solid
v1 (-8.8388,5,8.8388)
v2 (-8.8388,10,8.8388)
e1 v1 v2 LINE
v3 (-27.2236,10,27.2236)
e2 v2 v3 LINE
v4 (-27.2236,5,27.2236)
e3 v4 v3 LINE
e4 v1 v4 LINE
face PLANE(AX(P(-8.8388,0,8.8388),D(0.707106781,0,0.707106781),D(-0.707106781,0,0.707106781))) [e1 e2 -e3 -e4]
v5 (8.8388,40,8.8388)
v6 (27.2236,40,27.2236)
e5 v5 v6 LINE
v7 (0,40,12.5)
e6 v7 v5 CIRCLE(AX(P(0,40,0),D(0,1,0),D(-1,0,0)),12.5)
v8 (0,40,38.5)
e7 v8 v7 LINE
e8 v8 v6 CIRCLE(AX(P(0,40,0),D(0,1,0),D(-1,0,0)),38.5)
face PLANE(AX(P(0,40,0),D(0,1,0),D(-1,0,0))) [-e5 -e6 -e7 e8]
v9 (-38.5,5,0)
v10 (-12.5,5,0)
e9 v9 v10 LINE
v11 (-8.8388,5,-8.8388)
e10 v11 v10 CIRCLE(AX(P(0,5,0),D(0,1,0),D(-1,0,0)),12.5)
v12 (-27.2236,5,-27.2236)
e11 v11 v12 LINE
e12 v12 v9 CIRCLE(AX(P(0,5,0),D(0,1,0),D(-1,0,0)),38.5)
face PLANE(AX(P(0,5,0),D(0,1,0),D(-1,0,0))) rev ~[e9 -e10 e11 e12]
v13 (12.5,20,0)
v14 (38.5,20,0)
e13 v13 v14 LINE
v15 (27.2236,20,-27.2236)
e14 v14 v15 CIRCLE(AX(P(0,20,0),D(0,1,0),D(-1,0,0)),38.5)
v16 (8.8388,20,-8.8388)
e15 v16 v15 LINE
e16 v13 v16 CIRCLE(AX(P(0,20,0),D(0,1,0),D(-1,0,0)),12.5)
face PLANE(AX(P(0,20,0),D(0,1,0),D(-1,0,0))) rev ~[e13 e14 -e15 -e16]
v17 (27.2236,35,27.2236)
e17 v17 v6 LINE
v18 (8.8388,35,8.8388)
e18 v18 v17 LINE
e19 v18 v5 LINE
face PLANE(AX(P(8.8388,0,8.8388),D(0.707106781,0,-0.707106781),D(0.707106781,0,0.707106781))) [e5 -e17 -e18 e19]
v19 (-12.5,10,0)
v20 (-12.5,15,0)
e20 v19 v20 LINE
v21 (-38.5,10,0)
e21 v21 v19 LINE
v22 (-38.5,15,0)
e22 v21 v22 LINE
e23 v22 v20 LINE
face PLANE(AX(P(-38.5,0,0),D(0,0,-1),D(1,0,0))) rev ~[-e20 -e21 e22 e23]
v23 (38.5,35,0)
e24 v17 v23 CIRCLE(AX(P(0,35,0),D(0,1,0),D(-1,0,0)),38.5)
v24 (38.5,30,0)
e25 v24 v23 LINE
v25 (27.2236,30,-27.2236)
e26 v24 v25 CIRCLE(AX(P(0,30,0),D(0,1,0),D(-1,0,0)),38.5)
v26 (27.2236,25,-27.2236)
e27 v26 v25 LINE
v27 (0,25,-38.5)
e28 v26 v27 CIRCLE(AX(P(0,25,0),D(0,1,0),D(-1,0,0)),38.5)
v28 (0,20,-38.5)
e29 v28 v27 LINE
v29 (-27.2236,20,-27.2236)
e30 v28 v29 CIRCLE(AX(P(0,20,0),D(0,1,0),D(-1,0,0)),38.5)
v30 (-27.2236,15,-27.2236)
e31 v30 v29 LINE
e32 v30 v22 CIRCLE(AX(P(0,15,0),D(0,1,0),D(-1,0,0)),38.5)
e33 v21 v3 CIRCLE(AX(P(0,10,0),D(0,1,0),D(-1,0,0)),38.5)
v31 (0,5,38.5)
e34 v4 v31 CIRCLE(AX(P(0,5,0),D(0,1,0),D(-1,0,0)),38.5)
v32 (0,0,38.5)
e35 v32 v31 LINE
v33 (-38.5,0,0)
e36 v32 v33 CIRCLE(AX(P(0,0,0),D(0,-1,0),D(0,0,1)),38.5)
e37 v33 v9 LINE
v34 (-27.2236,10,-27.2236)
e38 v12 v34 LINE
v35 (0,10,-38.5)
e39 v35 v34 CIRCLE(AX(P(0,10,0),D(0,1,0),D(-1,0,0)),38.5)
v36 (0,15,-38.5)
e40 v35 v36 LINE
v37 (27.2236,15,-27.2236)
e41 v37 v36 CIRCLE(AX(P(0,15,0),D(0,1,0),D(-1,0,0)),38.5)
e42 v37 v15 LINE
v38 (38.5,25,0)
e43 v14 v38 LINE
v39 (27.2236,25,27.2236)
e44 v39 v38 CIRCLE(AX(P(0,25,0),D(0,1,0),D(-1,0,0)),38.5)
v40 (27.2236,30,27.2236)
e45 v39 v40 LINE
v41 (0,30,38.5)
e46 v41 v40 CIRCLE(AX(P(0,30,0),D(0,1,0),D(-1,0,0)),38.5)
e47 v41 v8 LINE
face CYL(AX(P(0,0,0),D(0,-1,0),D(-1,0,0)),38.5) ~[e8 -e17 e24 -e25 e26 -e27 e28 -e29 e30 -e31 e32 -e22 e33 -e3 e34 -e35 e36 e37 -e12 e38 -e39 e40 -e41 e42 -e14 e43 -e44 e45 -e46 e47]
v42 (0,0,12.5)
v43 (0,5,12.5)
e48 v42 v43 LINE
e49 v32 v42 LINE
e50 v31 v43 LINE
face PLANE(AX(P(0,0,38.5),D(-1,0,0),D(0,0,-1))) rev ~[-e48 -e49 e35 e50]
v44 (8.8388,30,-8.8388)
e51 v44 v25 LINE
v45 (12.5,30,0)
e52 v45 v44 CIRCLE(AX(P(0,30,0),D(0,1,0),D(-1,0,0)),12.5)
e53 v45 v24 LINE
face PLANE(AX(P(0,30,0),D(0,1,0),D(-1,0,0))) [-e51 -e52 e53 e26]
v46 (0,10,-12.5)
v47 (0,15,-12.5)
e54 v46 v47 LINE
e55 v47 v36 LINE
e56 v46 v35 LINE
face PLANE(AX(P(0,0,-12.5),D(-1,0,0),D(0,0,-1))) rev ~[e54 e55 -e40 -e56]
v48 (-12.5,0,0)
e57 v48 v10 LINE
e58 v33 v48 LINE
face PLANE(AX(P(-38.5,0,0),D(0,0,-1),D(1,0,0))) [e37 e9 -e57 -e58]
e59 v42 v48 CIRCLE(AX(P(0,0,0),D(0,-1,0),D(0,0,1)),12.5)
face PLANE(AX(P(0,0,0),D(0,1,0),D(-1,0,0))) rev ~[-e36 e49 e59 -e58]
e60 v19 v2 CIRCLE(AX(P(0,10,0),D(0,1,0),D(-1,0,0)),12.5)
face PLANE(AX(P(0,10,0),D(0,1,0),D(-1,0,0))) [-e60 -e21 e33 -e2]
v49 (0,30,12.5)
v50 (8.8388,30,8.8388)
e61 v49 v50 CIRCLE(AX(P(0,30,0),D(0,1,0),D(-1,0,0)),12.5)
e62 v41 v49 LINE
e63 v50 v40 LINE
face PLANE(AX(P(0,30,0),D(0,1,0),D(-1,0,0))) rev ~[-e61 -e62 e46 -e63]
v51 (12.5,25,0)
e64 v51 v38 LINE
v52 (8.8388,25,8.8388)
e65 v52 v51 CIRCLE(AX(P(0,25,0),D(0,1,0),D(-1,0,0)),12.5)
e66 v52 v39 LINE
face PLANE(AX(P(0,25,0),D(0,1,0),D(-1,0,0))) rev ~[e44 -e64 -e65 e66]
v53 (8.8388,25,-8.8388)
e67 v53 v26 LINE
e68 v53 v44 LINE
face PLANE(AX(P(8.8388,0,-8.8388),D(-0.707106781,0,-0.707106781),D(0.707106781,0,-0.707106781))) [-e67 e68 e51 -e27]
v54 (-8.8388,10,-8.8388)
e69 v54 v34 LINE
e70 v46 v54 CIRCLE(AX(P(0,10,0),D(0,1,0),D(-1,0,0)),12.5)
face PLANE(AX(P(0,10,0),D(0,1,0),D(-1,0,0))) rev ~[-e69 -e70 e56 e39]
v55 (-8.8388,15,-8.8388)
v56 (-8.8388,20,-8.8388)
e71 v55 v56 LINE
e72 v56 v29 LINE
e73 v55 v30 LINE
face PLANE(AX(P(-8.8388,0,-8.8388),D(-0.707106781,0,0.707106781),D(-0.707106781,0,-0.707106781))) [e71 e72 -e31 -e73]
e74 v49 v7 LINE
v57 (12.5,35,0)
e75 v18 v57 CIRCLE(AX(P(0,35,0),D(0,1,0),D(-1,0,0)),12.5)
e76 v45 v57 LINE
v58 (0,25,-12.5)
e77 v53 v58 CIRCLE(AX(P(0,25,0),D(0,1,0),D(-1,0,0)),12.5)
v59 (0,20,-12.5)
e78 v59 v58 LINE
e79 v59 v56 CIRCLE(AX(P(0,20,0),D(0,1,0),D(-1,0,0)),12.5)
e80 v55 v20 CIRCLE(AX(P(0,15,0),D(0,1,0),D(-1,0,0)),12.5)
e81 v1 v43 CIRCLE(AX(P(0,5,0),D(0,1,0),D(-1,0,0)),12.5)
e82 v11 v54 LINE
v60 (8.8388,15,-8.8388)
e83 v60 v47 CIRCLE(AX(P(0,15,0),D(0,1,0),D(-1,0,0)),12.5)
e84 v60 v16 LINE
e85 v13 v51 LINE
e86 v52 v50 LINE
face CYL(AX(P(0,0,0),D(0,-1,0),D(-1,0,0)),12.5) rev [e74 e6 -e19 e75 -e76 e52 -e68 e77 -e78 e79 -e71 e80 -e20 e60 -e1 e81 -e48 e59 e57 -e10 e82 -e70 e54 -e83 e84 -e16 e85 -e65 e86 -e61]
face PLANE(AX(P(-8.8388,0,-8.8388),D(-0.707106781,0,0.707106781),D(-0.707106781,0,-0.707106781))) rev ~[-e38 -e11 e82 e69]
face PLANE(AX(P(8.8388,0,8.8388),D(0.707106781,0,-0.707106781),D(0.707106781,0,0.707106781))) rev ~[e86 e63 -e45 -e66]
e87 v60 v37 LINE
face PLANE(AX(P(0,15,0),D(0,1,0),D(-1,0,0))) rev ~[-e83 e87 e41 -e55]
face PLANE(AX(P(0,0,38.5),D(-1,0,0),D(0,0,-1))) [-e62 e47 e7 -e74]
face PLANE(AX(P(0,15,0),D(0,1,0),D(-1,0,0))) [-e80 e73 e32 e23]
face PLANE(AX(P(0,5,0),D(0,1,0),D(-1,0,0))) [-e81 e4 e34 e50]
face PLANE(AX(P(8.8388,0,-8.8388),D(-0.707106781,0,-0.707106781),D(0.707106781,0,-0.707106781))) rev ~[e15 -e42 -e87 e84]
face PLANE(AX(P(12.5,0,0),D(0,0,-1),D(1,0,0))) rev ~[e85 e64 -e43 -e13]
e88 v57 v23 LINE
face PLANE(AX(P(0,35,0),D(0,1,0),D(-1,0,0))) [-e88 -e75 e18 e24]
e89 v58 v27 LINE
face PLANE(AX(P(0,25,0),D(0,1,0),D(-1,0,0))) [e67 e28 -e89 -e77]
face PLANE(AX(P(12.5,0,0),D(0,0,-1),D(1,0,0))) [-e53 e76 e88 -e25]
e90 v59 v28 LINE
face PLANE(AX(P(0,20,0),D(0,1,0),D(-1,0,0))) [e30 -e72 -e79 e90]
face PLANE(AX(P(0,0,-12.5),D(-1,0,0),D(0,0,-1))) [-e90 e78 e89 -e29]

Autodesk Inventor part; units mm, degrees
ref_plane "YZ Plane" through (0, 0, 0) normal (1, 0, 0) x (0, 1, 0)
ref_plane "XZ Plane" through (0, 0, 0) normal (0, 1, 0) x (-1, 0, 0)
ref_plane "XY Plane" through (0, 0, 0) normal (0, 0, 1) x (1, 0, 0)
sketch "Sketch1" plane through (0, 0, 0) normal (0, 1, 0) x (-1, 0, 0)
  circle A0 centre (0, 0) radius 12.5
  circle A1 centre (0, 0) radius 38.5
  line L0 (-8.8388, 8.8388) -> (-27.2236, 27.2236)
  line L1 (8.8388, -8.8388) -> (27.2236, -27.2236)
  line L2 (8.8388, 8.8388) -> (27.2236, 27.2236)
  line L3 (-8.8388, -8.8388) -> (-27.2236, -27.2236)
  line L4 (0, 38.5) -> (0, 12.5)
  line L5 (0, -12.5) -> (0, -38.5)
  line L6 (38.5, 0) -> (12.5, 0)
  line L7 (-12.5, 0) -> (-38.5, 0)
  dimension "d0" = 25
  dimension "d2" = 26
sketch "Sketch22" plane through (0, 0, 0) normal (0, 1, 0) x (-1, 0, 0)
  circle A0 centre (0, 0) radius 12.5
  circle A1 centre (0, 0) radius 38.5
  line L0 (-8.8388, 8.8388) -> (-27.2236, 27.2236)
  line L1 (8.8388, -8.8388) -> (27.2236, -27.2236)
  line L2 (8.8388, 8.8388) -> (27.2236, 27.2236)
  line L3 (-8.8388, -8.8388) -> (-27.2236, -27.2236)
  line L4 (0, 38.5) -> (0, 12.5)
  line L5 (0, -12.5) -> (0, -38.5)
  line L6 (38.5, 0) -> (12.5, 0)
  line L7 (-12.5, 0) -> (-38.5, 0)
  circle A2 centre (0, 0) radius 12.5
  circle A3 centre (0, 0) radius 38.5
  line L8 (-8.8388, 8.8388) -> (-27.2236, 27.2236)
  line L9 (8.8388, -8.8388) -> (27.2236, -27.2236)
  line L10 (8.8388, 8.8388) -> (27.2236, 27.2236)
  line L11 (-8.8388, -8.8388) -> (-27.2236, -27.2236)
  line L12 (0, 38.5) -> (0, 12.5)
  line L13 (0, -12.5) -> (0, -38.5)
  line L14 (38.5, 0) -> (12.5, 0)
  line L15 (-12.5, 0) -> (-38.5, 0)
  dimension "d128" = 25
  dimension "d129" = 26
  dimension "d130" = 25
  dimension "d131" = 26
sketch "Sketch23" plane through (0, 0, 0) normal (0, 1, 0) x (-1, 0, 0)
  circle A0 centre (0, 0) radius 12.5
  circle A1 centre (0, 0) radius 38.5
  line L0 (-8.8388, 8.8388) -> (-27.2236, 27.2236)
  line L1 (8.8388, -8.8388) -> (27.2236, -27.2236)
  line L2 (8.8388, 8.8388) -> (27.2236, 27.2236)
  line L3 (-8.8388, -8.8388) -> (-27.2236, -27.2236)
  line L4 (0, 38.5) -> (0, 12.5)
  line L5 (0, -12.5) -> (0, -38.5)
  line L6 (38.5, 0) -> (12.5, 0)
  line L7 (-12.5, 0) -> (-38.5, 0)
  dimension "d132" = 25
  dimension "d133" = 26
sketch "Sketch24" plane through (0, 0, 0) normal (0, 1, 0) x (-1, 0, 0)
  circle A0 centre (0, 0) radius 12.5
  circle A1 centre (0, 0) radius 38.5
  line L0 (-8.8388, 8.8388) -> (-27.2236, 27.2236)
  line L1 (8.8388, -8.8388) -> (27.2236, -27.2236)
  line L2 (8.8388, 8.8388) -> (27.2236, 27.2236)
  line L3 (-8.8388, -8.8388) -> (-27.2236, -27.2236)
  line L4 (0, 38.5) -> (0, 12.5)
  line L5 (0, -12.5) -> (0, -38.5)
  line L6 (38.5, 0) -> (12.5, 0)
  line L7 (-12.5, 0) -> (-38.5, 0)
  dimension "d134" = 25
  dimension "d135" = 26
sketch "Sketch25" plane through (0, 0, 0) normal (0, 1, 0) x (-1, 0, 0)
  circle A0 centre (0, 0) radius 12.5
  circle A1 centre (0, 0) radius 38.5
  line L0 (-8.8388, 8.8388) -> (-27.2236, 27.2236)
  line L1 (8.8388, -8.8388) -> (27.2236, -27.2236)
  line L2 (8.8388, 8.8388) -> (27.2236, 27.2236)
  line L3 (-8.8388, -8.8388) -> (-27.2236, -27.2236)
  line L4 (0, 38.5) -> (0, 12.5)
  line L5 (0, -12.5) -> (0, -38.5)
  line L6 (38.5, 0) -> (12.5, 0)
  line L7 (-12.5, 0) -> (-38.5, 0)
  dimension "d136" = 25
  dimension "d137" = 26
sketch "Sketch26" plane through (0, 0, 0) normal (0, 1, 0) x (-1, 0, 0)
  circle A0 centre (0, 0) radius 12.5
  circle A1 centre (0, 0) radius 38.5
  line L0 (-8.8388, 8.8388) -> (-27.2236, 27.2236)
  line L1 (8.8388, -8.8388) -> (27.2236, -27.2236)
  line L2 (8.8388, 8.8388) -> (27.2236, 27.2236)
  line L3 (-8.8388, -8.8388) -> (-27.2236, -27.2236)
  line L4 (0, 38.5) -> (0, 12.5)
  line L5 (0, -12.5) -> (0, -38.5)
  line L6 (38.5, 0) -> (12.5, 0)
  line L7 (-12.5, 0) -> (-38.5, 0)
  dimension "d138" = 25
  dimension "d139" = 26
sketch "Sketch27" plane through (0, 0, 0) normal (0, 1, 0) x (-1, 0, 0)
  circle A0 centre (0, 0) radius 12.5
  circle A1 centre (0, 0) radius 38.5
  line L0 (-8.8388, 8.8388) -> (-27.2236, 27.2236)
  line L1 (8.8388, -8.8388) -> (27.2236, -27.2236)
  line L2 (8.8388, 8.8388) -> (27.2236, 27.2236)
  line L3 (-8.8388, -8.8388) -> (-27.2236, -27.2236)
  line L4 (0, 38.5) -> (0, 12.5)
  line L5 (0, -12.5) -> (0, -38.5)
  line L6 (38.5, 0) -> (12.5, 0)
  line L7 (-12.5, 0) -> (-38.5, 0)
  dimension "d140" = 25
  dimension "d141" = 26
sketch "Sketch28" plane through (0, 0, 0) normal (0, 1, 0) x (-1, 0, 0)
  circle A0 centre (0, 0) radius 12.5
  circle A1 centre (0, 0) radius 38.5
  line L0 (-8.8388, 8.8388) -> (-27.2236, 27.2236)
  line L1 (8.8388, -8.8388) -> (27.2236, -27.2236)
  line L2 (8.8388, 8.8388) -> (27.2236, 27.2236)
  line L3 (-8.8388, -8.8388) -> (-27.2236, -27.2236)
  line L4 (0, 38.5) -> (0, 12.5)
  line L5 (0, -12.5) -> (0, -38.5)
  line L6 (38.5, 0) -> (12.5, 0)
  line L7 (-12.5, 0) -> (-38.5, 0)
  dimension "d142" = 25
  dimension "d143" = 26
extrude "Extrusion20" add sketch "Sketch1" along normal blind 5 contours A0 L4 A1 L2
extrude "Extrusion21" add sketch "Sketch24" along normal blind 10 contours A0 L2 A1 L6
extrude "Extrusion22" add sketch "Sketch22" along normal blind 15 contours L6 A1 L1 A0
extrude "Extrusion23" add sketch "Sketch28" along normal blind 20 contours L1 A1 L5 A0
extrude "Extrusion24" add sketch "Sketch1" along normal blind 25 contours L5 A1 L3 A0
extrude "Extrusion25" add sketch "Sketch27" along normal blind 30 contours L3 A1 L7 A0
extrude "Extrusion26" add sketch "Sketch1" along normal blind 35 contours A0 L7 A1 L0
extrude "Extrusion27" add sketch "Sketch23" along normal blind 40 contours A0 L0 A1 L4
sketch "Sketch29" plane through (0, 0, 0) normal (0, -1, 0) x (1, 0, 0)
  point P0 (0, 0)
extrude "Extrusion28" cut sketch "Sketch26" along normal blind 5 contours L6 A1 L1 A0
extrude "Extrusion29" cut sketch "Sketch25" along normal blind 10 contours L1 A1 L5 A0
extrude "Extrusion30" cut sketch "Sketch1" along normal blind 15 contours L5 A1 L3 A0
extrude "Extrusion31" cut sketch "Sketch1" along normal blind 20 contours L3 A1 L7 A0
extrude "Extrusion32" cut sketch "Sketch1" along normal blind 25 contours A0 L7 A1 L0
extrude "Extrusion33" cut sketch "Sketch1" along normal blind 30 contours A0 L0 A1 L4
properties part number "DireccionEscalones"
